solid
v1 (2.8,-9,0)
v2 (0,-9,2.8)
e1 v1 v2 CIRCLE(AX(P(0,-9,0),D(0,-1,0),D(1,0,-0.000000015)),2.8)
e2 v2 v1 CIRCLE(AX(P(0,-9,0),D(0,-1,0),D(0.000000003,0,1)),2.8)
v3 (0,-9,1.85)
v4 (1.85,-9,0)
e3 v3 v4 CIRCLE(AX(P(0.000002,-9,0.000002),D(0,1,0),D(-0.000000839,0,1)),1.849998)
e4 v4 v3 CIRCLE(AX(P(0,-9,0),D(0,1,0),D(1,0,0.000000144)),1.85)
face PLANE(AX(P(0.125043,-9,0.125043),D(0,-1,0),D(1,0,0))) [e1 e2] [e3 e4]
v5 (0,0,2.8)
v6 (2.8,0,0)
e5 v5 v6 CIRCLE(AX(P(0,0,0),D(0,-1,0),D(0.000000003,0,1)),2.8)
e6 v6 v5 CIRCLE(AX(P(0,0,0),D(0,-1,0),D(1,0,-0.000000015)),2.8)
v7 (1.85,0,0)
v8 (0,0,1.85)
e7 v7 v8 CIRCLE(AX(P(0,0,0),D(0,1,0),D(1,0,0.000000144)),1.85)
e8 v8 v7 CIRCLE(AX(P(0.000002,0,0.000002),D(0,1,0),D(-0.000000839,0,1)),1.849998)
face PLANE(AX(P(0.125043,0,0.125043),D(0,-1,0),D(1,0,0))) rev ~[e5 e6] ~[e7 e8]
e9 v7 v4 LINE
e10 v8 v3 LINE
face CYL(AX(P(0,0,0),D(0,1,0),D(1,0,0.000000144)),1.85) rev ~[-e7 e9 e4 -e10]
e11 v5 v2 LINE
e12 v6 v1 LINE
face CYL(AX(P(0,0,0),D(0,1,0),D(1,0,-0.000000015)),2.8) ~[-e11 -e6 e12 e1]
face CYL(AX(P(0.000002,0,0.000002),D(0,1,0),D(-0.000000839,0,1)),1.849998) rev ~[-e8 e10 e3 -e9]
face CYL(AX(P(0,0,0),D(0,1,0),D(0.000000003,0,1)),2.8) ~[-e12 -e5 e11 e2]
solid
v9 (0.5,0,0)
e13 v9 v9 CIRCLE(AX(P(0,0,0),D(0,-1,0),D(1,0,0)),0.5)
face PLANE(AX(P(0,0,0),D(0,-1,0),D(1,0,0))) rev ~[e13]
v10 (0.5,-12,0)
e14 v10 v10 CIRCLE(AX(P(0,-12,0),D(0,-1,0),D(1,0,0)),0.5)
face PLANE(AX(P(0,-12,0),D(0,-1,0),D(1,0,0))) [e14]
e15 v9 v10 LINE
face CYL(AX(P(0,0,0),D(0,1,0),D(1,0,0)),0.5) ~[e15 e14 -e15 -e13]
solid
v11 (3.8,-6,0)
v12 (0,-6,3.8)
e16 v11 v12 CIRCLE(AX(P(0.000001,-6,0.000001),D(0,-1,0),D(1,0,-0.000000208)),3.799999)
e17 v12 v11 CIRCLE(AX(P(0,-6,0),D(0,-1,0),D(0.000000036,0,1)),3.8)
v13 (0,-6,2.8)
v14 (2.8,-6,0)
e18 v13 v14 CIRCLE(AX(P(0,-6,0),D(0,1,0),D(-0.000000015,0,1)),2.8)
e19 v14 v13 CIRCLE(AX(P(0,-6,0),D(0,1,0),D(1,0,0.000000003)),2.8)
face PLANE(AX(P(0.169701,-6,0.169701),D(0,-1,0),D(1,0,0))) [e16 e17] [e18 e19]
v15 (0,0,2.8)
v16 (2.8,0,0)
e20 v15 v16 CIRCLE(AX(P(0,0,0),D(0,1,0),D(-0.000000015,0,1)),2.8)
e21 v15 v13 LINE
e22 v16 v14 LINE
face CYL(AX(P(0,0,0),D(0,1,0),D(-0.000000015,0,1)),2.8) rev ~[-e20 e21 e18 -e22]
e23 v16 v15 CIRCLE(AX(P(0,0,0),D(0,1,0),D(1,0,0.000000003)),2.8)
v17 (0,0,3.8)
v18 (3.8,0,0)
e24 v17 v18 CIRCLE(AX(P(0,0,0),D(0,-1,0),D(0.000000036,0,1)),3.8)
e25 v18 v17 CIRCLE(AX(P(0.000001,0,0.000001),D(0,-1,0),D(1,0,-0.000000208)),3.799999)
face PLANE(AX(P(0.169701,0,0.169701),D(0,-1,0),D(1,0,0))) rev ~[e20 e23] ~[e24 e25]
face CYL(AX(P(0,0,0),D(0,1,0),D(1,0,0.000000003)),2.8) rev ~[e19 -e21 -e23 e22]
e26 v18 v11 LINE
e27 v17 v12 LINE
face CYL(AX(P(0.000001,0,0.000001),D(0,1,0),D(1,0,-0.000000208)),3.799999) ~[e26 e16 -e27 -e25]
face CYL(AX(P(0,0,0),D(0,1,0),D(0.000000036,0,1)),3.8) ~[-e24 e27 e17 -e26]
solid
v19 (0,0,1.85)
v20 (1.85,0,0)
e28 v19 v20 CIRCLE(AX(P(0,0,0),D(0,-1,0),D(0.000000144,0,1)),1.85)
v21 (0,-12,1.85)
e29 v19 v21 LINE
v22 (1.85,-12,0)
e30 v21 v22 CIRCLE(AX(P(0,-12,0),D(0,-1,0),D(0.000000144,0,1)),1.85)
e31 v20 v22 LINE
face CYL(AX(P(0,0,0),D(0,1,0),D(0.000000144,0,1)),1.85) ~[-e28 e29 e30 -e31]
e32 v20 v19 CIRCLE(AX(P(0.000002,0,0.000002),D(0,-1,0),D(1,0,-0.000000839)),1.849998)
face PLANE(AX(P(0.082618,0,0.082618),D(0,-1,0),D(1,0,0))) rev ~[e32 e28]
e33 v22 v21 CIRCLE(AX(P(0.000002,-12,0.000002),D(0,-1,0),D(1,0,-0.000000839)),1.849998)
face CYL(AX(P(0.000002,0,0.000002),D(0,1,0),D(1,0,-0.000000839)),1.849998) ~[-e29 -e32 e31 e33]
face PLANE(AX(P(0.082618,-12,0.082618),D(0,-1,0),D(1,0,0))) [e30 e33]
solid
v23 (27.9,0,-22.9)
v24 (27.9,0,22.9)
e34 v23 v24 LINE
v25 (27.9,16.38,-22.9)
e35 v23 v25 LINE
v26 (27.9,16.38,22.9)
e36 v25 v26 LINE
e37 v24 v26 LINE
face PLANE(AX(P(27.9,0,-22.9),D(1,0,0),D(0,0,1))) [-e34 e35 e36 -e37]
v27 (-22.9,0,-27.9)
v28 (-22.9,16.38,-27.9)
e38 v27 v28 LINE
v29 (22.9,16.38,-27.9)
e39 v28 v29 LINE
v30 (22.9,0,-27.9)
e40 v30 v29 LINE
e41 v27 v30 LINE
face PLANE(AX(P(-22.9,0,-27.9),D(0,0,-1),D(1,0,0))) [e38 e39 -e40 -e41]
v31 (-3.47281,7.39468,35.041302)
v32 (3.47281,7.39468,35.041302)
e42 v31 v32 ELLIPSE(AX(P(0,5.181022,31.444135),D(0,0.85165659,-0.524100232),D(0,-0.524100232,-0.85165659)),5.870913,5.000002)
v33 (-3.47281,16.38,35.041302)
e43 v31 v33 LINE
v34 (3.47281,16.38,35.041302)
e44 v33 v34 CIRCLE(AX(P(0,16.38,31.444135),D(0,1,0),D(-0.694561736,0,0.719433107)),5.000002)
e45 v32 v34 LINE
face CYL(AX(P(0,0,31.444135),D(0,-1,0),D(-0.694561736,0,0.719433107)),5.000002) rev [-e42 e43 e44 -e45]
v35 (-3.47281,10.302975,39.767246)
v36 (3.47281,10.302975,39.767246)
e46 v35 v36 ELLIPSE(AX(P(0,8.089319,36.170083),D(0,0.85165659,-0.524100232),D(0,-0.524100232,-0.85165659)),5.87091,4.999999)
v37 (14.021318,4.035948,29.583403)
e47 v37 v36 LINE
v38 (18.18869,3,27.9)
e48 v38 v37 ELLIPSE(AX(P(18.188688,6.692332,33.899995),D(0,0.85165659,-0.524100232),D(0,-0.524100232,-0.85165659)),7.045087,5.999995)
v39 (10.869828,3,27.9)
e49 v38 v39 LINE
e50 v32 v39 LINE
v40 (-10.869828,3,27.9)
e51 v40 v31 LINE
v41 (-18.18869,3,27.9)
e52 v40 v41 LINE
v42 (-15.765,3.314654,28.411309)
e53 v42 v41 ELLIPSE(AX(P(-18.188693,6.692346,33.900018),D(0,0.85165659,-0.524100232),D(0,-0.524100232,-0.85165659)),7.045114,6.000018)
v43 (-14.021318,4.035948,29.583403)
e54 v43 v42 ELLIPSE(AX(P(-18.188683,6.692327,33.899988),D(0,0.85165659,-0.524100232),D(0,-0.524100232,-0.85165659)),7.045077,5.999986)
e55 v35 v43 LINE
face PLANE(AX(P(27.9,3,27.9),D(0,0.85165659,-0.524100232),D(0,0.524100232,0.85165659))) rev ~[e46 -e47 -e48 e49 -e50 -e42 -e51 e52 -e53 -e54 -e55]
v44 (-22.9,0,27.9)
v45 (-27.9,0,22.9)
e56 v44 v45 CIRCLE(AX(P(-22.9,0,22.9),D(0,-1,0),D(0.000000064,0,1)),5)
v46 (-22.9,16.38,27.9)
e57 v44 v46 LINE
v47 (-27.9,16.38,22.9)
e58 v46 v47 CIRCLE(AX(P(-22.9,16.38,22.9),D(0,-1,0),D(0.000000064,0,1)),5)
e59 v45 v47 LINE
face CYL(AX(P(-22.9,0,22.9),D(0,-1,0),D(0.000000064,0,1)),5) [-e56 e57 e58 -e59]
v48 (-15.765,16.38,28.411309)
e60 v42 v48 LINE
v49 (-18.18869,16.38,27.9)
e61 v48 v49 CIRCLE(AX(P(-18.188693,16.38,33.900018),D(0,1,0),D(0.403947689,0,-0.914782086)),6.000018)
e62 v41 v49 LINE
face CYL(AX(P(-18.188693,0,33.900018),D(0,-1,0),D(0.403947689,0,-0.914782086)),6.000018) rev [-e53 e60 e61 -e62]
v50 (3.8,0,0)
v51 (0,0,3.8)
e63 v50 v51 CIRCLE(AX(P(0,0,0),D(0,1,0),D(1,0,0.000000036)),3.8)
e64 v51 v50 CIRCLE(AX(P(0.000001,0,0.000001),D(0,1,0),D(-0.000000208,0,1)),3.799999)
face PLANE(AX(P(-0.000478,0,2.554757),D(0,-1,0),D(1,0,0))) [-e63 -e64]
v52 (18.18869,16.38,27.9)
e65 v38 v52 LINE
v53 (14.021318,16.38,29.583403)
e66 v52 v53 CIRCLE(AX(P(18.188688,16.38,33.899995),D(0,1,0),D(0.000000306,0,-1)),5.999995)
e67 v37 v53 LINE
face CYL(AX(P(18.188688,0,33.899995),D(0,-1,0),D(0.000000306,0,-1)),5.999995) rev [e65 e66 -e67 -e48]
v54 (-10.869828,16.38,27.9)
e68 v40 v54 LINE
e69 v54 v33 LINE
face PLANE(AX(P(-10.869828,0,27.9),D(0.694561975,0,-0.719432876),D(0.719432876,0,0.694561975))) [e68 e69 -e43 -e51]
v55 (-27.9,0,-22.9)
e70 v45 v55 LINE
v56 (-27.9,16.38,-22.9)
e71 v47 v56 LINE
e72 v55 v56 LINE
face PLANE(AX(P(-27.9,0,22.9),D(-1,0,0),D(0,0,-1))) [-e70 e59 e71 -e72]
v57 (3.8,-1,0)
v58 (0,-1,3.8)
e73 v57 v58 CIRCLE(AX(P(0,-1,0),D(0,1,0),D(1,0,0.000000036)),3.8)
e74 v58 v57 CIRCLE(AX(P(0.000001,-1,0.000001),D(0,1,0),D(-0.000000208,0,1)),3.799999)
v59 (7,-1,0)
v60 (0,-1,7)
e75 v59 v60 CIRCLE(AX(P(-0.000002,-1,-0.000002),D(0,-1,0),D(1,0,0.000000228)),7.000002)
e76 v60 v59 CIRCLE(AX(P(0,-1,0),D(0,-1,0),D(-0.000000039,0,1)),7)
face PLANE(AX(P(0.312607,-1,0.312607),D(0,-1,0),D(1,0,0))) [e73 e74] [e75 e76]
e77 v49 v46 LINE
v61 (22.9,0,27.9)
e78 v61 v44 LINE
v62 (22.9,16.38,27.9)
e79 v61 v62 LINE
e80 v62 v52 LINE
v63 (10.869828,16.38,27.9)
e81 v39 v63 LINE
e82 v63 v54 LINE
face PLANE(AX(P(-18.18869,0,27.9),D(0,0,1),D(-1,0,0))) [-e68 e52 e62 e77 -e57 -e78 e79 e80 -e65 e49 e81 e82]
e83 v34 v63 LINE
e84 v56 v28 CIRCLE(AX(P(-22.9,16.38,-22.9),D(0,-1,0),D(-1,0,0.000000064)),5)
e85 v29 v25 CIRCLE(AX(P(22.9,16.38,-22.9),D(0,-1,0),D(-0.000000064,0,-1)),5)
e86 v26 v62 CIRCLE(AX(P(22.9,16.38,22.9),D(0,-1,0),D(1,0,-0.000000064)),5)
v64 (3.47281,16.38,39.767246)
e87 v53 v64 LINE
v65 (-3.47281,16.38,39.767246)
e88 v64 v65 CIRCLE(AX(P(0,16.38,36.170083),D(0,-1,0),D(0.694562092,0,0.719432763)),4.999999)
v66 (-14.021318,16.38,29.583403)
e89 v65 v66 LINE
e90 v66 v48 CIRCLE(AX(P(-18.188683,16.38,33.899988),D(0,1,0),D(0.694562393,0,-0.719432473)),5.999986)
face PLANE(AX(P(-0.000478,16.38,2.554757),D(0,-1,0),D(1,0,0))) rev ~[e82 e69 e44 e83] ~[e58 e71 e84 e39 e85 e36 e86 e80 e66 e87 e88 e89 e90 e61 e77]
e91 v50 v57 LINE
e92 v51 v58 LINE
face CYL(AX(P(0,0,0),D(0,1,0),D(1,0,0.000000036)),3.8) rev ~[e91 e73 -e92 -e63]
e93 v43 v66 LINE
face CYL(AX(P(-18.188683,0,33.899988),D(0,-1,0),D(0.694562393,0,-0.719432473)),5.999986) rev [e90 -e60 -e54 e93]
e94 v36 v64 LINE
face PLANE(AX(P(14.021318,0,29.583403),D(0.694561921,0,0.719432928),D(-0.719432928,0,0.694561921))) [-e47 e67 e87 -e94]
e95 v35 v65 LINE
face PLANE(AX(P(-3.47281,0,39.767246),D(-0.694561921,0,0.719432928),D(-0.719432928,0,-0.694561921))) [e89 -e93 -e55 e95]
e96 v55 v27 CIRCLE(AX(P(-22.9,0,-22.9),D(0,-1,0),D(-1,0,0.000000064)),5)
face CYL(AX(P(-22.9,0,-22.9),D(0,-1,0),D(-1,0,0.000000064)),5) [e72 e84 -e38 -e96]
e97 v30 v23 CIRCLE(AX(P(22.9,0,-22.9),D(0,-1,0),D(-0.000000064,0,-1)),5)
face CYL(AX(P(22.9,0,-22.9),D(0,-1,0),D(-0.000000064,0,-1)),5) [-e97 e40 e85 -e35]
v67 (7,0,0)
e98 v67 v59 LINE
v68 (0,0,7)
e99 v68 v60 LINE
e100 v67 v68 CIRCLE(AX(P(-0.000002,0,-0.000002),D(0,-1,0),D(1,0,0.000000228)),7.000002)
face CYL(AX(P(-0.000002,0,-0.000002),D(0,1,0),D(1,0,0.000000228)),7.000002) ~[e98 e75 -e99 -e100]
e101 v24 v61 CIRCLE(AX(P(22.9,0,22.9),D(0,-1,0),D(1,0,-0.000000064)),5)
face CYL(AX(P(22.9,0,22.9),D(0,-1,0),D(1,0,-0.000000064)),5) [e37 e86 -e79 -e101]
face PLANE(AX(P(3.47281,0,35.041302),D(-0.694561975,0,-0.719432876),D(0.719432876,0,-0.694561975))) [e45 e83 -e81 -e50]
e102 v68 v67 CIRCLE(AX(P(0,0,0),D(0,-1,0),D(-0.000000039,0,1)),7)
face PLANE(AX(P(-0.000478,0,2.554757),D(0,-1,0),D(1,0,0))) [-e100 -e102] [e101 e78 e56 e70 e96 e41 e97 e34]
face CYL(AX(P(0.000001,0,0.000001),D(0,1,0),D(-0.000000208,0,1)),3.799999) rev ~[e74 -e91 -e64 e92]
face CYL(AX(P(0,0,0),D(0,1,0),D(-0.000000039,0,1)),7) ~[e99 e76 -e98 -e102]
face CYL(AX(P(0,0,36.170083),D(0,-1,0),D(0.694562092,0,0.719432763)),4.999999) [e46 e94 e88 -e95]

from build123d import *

# Parameters (mm, degrees)
F1_DEPTH  = 16.38
F4_DEPTH  = 55.801
F5_DEPTH  = 1
F6_DEPTH  = 6
F7_R      = 0.5
F8_DEPTH  = 12
F9_DEPTH  = 9
F10_DEPTH = 12


with BuildPart() as f1:
    # F0 (on Front) → F1 (new body)
    with BuildSketch(Plane.XZ):
        with BuildLine():
            Line((-22.9, -27.9), (22.9, -27.9))
            ThreePointArc((22.9, -27.9), (26.435534, -26.435534), (27.9, -22.9))
            Line((27.9, -22.9), (27.9, 22.9))
            ThreePointArc((27.9, 22.9), (26.435534, 26.435534), (22.9, 27.9))
            Line((22.9, 27.9), (18.18869, 27.9))
            ThreePointArc((18.18869, 27.9), (15.941423, 28.336746), (14.021318, 29.583403))
            Line((14.021318, 29.583403), (3.47281, 39.767246))
            ThreePointArc((3.47281, 39.767246), (0, 41.170082), (-3.47281, 39.767246))
            Line((-3.47281, 39.767246), (-14.021318, 29.583403))
            ThreePointArc((-14.021318, 29.583403), (-14.841456, 28.920439), (-15.765, 28.411309))
            ThreePointArc((-15.765, 28.411309), (-16.950172, 28.029219), (-18.18869, 27.9))
            Line((-18.18869, 27.9), (-22.9, 27.9))
            ThreePointArc((-22.9, 27.9), (-26.435534, 26.435534), (-27.9, 22.9))
            Line((-27.9, 22.9), (-27.9, -22.9))
            ThreePointArc((-27.9, -22.9), (-26.435534, -26.435534), (-22.9, -27.9))
        make_face()
        with BuildLine():
            ThreePointArc((0, 7), (4.949747, 4.949747), (7, 0))
            ThreePointArc((7, 0), (-4.949747, -4.949747), (0, 7))
        make_face(mode=Mode.SUBTRACT)
        with BuildLine():
            Line((10.869828, 27.9), (-10.869828, 27.9))
            Line((-10.869828, 27.9), (-3.47281, 35.041302))
            ThreePointArc((-3.47281, 35.041302), (0, 36.444137), (3.47281, 35.041302))
            Line((3.47281, 35.041302), (10.869828, 27.9))
        make_face(mode=Mode.SUBTRACT)
        with BuildLine():
            ThreePointArc((0, 7), (-4.949747, -4.949747), (7, 0))
            ThreePointArc((7, 0), (4.949747, 4.949747), (0, 7))
        make_face()
        with BuildLine():
            ThreePointArc((3.8, 0), (-2.687006, -2.687006), (0, 3.8))
            ThreePointArc((0, 3.8), (2.687006, 2.687006), (3.8, 0))
        make_face(mode=Mode.SUBTRACT)
        with BuildLine():
            ThreePointArc((3.8, 0), (2.687006, 2.687006), (0, 3.8))
            ThreePointArc((0, 3.8), (-2.687006, -2.687006), (3.8, 0))
        make_face()
        with BuildLine():
            ThreePointArc((2.8, 0), (-1.979899, -1.979899), (0, 2.8))
            ThreePointArc((0, 2.8), (1.979899, 1.979899), (2.8, 0))
        make_face(mode=Mode.SUBTRACT)
        with BuildLine():
            ThreePointArc((2.8, 0), (1.979899, 1.979899), (0, 2.8))
            ThreePointArc((0, 2.8), (-1.979899, -1.979899), (2.8, 0))
        make_face()
        with BuildLine():
            ThreePointArc((1.85, 0), (-1.308148, -1.308148), (0, 1.85))
            ThreePointArc((0, 1.85), (1.308148, 1.308148), (1.85, 0))
        make_face(mode=Mode.SUBTRACT)
        with BuildLine():
            ThreePointArc((1.85, 0), (1.308148, 1.308148), (0, 1.85))
            ThreePointArc((0, 1.85), (-1.308148, -1.308148), (1.85, 0))
        make_face()
    extrude(amount=-F1_DEPTH)

    # F3 (on offset) → F4 (cut, through all)
    with BuildSketch(Plane.YZ.offset(27.9)):
        Polygon((0, 44.834), (0, 27.9), (3, 27.9), (13.421, 44.834), align=None)
    extrude(amount=-F4_DEPTH, mode=Mode.SUBTRACT)

    # F0 (on Front) → F5 (join)
    with BuildSketch(Plane.XZ):
        with BuildLine():
            ThreePointArc((0, 7), (-4.949747, -4.949747), (7, 0))
            ThreePointArc((7, 0), (4.949747, 4.949747), (0, 7))
        make_face()
        with BuildLine():
            ThreePointArc((3.8, 0), (-2.687006, -2.687006), (0, 3.8))
            ThreePointArc((0, 3.8), (2.687006, 2.687006), (3.8, 0))
        make_face(mode=Mode.SUBTRACT)
    extrude(amount=F5_DEPTH)


with BuildPart() as f6:
    # F0 (on Front) → F6 (new body)
    with BuildSketch(Plane.XZ):
        with BuildLine():
            ThreePointArc((3.8, 0), (2.687006, 2.687006), (0, 3.8))
            ThreePointArc((0, 3.8), (-2.687006, -2.687006), (3.8, 0))
        make_face()
        with BuildLine():
            ThreePointArc((2.8, 0), (-1.979899, -1.979899), (0, 2.8))
            ThreePointArc((0, 2.8), (1.979899, 1.979899), (2.8, 0))
        make_face(mode=Mode.SUBTRACT)
    extrude(amount=F6_DEPTH)


with BuildPart() as f8:
    # F7 (on face) → F8 (new body)
    with BuildSketch(Plane.XZ):
        Circle(F7_R)
    extrude(amount=F8_DEPTH)


with BuildPart() as f9:
    # F0 (on Front) → F9 (new body)
    with BuildSketch(Plane.XZ):
        with BuildLine():
            ThreePointArc((2.8, 0), (1.979899, 1.979899), (0, 2.8))
            ThreePointArc((0, 2.8), (-1.979899, -1.979899), (2.8, 0))
        make_face()
        with BuildLine():
            ThreePointArc((1.85, 0), (-1.308148, -1.308148), (0, 1.85))
            ThreePointArc((0, 1.85), (1.308148, 1.308148), (1.85, 0))
        make_face(mode=Mode.SUBTRACT)
    extrude(amount=F9_DEPTH)


with BuildPart() as f10:
    # F0 (on Front) → F10 (new body)
    with BuildSketch(Plane.XZ):
        with BuildLine():
            ThreePointArc((1.85, 0), (1.308148, 1.308148), (0, 1.85))
            ThreePointArc((0, 1.85), (-1.308148, -1.308148), (1.85, 0))
        make_face()
    extrude(amount=F10_DEPTH)


solid = Compound([f1.part, f6.part, f8.part, f9.part, f10.part])
